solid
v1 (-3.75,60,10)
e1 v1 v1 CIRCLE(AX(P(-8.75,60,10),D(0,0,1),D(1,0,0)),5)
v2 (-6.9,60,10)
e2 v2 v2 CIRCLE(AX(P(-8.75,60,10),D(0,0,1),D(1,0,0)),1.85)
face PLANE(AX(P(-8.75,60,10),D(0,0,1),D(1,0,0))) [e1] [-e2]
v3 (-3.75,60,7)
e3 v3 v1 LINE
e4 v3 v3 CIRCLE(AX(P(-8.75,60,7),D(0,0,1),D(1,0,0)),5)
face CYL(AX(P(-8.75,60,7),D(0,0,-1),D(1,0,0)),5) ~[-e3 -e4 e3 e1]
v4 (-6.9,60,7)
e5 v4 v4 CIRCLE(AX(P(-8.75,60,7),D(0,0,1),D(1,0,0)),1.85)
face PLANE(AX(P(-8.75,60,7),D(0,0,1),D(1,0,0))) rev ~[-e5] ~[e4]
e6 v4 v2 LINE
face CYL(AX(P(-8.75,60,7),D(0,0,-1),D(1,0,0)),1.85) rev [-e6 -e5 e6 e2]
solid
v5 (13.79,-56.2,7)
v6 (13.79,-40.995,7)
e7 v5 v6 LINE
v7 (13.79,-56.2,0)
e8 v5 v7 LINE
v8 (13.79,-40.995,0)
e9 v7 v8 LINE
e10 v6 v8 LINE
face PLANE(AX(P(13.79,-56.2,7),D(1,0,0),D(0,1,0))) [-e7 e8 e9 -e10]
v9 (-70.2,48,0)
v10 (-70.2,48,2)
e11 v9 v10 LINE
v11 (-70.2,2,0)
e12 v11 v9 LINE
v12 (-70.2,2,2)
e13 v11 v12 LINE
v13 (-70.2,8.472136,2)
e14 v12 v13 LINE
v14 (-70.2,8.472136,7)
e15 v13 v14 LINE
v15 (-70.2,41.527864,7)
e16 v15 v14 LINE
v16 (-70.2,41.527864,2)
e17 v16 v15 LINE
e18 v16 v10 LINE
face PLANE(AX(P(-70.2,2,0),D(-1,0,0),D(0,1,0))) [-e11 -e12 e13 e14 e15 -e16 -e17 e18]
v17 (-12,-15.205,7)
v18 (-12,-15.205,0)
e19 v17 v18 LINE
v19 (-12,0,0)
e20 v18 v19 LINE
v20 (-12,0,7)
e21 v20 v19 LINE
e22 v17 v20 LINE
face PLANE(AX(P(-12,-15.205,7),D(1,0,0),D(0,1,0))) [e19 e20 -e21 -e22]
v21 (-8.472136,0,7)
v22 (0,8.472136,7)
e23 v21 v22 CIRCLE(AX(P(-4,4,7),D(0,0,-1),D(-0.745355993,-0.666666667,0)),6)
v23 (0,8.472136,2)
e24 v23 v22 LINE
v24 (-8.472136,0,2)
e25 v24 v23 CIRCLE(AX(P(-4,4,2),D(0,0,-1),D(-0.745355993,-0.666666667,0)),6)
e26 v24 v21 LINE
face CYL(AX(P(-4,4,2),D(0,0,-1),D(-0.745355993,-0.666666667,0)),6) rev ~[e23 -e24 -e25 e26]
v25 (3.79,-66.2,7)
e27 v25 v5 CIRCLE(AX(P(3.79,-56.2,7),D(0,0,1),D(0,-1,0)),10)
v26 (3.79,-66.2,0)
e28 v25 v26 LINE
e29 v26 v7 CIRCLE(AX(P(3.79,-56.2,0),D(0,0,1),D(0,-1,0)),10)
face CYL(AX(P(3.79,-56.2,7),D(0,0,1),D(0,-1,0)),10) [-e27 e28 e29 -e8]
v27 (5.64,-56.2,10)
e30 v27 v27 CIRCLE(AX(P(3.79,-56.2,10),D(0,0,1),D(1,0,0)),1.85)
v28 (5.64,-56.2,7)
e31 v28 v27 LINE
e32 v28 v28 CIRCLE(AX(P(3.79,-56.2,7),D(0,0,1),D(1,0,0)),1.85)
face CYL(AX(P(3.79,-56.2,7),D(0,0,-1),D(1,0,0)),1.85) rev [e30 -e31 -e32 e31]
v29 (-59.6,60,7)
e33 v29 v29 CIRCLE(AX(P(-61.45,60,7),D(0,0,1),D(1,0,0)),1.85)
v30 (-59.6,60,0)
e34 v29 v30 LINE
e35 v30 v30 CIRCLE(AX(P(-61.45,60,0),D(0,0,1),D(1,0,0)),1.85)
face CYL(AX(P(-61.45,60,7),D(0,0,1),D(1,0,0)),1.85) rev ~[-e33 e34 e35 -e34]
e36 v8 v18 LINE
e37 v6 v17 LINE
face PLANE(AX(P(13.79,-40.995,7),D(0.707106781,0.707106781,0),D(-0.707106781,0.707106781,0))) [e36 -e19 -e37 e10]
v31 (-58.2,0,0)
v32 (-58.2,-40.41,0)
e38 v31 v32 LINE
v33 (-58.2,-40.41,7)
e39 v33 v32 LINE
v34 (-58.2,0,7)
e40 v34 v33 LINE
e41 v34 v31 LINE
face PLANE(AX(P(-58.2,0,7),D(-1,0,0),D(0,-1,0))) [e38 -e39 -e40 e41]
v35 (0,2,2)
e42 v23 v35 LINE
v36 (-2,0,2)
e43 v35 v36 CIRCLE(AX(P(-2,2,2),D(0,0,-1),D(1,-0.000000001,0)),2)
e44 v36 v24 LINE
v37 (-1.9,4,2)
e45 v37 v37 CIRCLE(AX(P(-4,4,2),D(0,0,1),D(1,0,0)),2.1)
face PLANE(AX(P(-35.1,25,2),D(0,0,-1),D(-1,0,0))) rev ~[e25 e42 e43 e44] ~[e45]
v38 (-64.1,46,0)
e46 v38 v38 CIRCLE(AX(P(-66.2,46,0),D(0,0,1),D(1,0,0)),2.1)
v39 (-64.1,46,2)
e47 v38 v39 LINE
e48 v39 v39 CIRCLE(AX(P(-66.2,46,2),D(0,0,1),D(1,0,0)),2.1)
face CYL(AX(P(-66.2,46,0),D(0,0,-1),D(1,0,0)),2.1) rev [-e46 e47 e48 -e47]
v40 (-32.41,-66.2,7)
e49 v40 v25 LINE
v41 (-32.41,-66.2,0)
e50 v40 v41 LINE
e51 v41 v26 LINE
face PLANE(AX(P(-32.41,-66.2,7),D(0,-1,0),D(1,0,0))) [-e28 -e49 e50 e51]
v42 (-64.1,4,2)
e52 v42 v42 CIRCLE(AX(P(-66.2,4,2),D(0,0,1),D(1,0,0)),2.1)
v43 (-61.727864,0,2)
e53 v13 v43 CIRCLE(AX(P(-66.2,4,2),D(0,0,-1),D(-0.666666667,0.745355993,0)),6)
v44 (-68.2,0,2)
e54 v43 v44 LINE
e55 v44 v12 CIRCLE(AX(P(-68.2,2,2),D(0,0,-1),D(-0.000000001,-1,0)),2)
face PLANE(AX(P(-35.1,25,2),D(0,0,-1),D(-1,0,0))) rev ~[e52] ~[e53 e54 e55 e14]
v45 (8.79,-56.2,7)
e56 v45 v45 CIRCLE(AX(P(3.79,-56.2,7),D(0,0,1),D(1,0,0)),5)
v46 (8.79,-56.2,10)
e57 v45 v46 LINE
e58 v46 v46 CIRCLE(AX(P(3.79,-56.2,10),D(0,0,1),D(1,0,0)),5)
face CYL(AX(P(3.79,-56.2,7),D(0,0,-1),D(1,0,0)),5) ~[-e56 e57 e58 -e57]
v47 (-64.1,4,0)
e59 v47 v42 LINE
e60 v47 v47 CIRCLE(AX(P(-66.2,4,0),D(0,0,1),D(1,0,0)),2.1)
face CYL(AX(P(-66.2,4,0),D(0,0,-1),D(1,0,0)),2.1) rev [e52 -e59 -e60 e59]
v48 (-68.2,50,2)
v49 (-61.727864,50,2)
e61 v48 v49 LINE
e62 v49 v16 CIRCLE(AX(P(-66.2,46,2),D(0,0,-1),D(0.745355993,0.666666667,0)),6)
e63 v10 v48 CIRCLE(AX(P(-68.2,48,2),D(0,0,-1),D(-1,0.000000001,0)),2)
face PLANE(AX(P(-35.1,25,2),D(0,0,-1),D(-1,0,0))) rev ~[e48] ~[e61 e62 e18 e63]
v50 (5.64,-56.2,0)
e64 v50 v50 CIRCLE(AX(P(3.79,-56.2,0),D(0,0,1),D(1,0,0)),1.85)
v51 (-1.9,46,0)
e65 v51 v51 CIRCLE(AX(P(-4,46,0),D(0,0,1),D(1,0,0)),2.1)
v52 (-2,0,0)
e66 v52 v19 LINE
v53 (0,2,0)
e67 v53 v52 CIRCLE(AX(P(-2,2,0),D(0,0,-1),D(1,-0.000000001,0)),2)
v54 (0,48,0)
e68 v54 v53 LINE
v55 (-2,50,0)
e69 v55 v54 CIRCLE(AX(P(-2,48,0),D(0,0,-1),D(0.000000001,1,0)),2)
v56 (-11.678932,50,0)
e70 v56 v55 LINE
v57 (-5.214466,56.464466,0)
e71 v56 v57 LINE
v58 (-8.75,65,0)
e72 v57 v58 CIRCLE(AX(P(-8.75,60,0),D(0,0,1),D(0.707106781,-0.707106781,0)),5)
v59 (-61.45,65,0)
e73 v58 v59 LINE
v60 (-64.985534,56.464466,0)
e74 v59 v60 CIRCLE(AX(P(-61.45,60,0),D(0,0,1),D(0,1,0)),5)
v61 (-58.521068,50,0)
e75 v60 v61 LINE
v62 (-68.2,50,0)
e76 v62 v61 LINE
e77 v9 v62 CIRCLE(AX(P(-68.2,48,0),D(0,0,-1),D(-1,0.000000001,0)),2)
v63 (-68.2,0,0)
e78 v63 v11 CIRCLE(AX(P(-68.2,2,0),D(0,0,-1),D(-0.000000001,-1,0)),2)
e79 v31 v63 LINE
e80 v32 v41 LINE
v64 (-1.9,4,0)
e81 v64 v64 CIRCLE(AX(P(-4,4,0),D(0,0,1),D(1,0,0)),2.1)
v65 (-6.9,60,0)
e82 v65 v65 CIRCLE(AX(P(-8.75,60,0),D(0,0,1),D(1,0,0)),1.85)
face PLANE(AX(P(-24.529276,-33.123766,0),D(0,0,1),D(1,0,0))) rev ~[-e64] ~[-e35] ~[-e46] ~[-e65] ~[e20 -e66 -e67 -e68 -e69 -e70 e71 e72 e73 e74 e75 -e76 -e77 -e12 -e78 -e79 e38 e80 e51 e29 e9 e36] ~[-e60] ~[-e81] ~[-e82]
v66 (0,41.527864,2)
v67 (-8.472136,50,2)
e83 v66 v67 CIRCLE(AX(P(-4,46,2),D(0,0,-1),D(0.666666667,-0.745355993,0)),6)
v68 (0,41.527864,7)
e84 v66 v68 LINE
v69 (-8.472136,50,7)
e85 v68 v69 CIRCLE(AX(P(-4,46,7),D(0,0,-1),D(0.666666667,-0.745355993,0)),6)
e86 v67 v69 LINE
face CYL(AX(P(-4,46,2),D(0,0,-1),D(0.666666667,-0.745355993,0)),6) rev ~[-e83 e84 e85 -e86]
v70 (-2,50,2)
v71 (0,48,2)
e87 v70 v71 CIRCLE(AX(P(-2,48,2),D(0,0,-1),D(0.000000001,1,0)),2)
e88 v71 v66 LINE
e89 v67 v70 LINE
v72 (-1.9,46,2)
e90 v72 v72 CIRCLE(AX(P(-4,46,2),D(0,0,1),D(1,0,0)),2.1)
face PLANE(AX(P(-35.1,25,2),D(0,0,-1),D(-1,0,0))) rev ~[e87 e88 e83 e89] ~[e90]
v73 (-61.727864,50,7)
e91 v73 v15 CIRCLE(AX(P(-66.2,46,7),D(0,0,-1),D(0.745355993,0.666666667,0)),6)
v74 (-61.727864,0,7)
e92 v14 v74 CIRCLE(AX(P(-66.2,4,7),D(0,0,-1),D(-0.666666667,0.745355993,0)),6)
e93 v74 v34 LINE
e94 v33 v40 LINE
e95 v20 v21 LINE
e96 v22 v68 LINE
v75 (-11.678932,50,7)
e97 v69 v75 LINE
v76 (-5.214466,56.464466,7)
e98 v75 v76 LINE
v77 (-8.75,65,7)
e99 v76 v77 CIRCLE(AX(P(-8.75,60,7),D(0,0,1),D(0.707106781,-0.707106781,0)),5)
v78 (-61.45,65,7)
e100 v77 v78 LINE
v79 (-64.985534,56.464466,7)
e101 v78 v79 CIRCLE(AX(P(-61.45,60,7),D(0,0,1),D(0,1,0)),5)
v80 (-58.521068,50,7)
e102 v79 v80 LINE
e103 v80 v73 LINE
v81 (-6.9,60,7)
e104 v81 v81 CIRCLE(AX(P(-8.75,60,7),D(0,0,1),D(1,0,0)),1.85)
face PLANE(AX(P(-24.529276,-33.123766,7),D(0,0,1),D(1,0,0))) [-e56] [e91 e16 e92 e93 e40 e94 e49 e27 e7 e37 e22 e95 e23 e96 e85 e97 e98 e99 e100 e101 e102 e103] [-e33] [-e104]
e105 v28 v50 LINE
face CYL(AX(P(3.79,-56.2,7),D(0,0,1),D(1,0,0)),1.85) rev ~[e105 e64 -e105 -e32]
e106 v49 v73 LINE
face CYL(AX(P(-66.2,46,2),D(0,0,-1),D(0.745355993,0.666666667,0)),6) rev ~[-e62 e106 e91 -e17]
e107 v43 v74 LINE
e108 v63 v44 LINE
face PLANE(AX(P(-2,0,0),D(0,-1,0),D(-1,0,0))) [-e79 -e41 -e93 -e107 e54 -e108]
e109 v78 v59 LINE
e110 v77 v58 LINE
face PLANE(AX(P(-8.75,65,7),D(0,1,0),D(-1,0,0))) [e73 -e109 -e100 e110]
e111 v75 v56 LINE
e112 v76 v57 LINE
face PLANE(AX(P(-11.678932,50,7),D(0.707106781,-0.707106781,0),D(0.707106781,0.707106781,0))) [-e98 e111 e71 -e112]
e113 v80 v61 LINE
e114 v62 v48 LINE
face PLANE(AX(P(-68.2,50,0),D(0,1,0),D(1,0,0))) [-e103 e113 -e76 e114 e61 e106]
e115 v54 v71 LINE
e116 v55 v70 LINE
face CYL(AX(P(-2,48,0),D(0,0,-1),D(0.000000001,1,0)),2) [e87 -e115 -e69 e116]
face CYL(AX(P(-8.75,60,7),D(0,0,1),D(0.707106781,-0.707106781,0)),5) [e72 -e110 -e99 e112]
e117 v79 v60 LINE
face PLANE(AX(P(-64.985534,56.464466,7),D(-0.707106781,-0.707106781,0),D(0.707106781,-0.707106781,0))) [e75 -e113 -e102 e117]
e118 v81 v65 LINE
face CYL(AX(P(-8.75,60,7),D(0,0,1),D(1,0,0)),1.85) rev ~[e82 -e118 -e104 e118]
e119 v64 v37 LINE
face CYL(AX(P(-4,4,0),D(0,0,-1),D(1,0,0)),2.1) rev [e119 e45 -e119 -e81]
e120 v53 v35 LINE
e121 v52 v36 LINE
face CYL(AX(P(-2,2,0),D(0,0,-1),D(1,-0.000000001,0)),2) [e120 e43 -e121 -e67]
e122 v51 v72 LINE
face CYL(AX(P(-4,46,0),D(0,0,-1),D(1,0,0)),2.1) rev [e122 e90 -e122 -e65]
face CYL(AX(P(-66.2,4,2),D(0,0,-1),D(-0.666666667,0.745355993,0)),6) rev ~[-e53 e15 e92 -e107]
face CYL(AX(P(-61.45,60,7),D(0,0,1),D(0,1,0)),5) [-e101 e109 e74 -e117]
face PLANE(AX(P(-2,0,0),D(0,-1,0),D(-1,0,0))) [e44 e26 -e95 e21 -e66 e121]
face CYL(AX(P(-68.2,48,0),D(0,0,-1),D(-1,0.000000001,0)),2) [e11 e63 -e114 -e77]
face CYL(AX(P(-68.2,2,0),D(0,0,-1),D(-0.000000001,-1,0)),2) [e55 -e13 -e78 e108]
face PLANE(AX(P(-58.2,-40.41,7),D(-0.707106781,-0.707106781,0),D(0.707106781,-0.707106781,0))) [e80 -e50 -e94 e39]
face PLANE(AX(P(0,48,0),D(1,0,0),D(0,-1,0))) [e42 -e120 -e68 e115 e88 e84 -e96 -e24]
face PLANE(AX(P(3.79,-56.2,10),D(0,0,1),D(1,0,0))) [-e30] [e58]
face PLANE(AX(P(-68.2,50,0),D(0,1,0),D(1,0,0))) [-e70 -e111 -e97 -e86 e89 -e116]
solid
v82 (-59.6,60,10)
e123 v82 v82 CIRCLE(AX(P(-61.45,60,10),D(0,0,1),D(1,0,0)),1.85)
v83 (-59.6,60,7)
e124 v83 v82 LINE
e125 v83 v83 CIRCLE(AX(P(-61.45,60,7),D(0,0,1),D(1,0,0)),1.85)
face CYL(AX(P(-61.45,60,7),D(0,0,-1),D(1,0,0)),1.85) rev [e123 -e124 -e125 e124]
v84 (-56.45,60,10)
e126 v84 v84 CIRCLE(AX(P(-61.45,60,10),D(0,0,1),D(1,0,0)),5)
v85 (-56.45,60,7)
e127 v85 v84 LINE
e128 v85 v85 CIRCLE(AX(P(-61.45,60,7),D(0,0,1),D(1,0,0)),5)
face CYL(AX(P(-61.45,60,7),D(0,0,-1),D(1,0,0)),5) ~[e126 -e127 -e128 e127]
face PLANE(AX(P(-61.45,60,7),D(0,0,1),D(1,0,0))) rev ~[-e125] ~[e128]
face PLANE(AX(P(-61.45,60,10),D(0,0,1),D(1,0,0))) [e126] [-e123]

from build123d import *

# Parameters (mm, degrees)
SKETCH1_R             = 2.1
BOSS_EXTRUDE1_DEPTH   = 2
BOSS_EXTRUDE2_DEPTH   = 5
SKETCH3_R             = 5
SKETCH3_R_2           = 1.85
BOSS_EXTRUDE3_DEPTH   = 3
BOSS_EXTRUDE3_2_DEPTH = 3
BOSS_EXTRUDE3_3_DEPTH = 3
SKETCH4_R             = 1.85
BOSS_EXTRUDE4_DEPTH   = 7


with BuildPart() as part:
    # Sketch1 → Boss-Extrude1 (new body)
    with BuildSketch(Plane.XY):
        with BuildLine():
            Line((-68.2, 50), (-2, 50))
            ThreePointArc((-2, 50), (-0.585786438, 49.414213562), (0, 48))
            Line((0, 48), (0, 2))
            ThreePointArc((0, 2), (-0.585786438, 0.585786438), (-2, 0))
            Line((-2, 0), (-68.2, 0))
            ThreePointArc((-68.2, 0), (-69.614213562, 0.585786438), (-70.2, 2))
            Line((-70.2, 2), (-70.2, 48))
            ThreePointArc((-70.2, 48), (-69.614213562, 49.414213562), (-68.2, 50))
        make_face()
        with Locations((-66.2, 46)):
            Circle(SKETCH1_R, mode=Mode.SUBTRACT)
        with Locations((-4, 46)):
            Circle(SKETCH1_R, mode=Mode.SUBTRACT)
        with Locations((-4, 4)):
            Circle(SKETCH1_R, mode=Mode.SUBTRACT)
        with Locations((-66.2, 4)):
            Circle(SKETCH1_R, mode=Mode.SUBTRACT)
    extrude(amount=BOSS_EXTRUDE1_DEPTH)

    # Sketch2 → Boss-Extrude2 (add)
    with BuildSketch(Plane.XY.offset(2)):
        with BuildLine():
            Line((-61.727864045, 0), (-8.472135955, 0))
            ThreePointArc((-8.472135955, 0), (-8.242640687, 8.242640687), (0, 8.472135955))
            Line((0, 8.472135955), (0, 41.527864045))
            ThreePointArc((0, 41.527864045), (-8.242640687, 41.757359313), (-8.472135955, 50))
            Line((-8.472135955, 50), (-61.727864045, 50))
            ThreePointArc((-61.727864045, 50), (-61.957359313, 41.757359313), (-70.2, 41.527864045))
            Line((-70.2, 41.527864045), (-70.2, 8.472135955))
            ThreePointArc((-70.2, 8.472135955), (-61.957359313, 8.242640687), (-61.727864045, 0))
        make_face()
    extrude(amount=BOSS_EXTRUDE2_DEPTH)



with BuildPart() as body_2:
    # Sketch3 → Boss-Extrude3 (new body)
    with BuildSketch(Plane.XY.offset(7)):
        with Locations((-61.45, 60)):
            Circle(SKETCH3_R)
        with Locations((-61.45, 60)):
            Circle(SKETCH3_R_2, mode=Mode.SUBTRACT)
    extrude(amount=BOSS_EXTRUDE3_DEPTH)


with BuildPart() as body_3:
    # Sketch3 → Boss-Extrude3 2 (new body)
    with BuildSketch(Plane.XY.offset(7)):
        with Locations((-8.75, 60)):
            Circle(SKETCH3_R)
        with Locations((-8.75, 60)):
            Circle(SKETCH3_R_2, mode=Mode.SUBTRACT)
    extrude(amount=BOSS_EXTRUDE3_2_DEPTH)


with BuildPart() as body_4:
    # Sketch3 → Boss-Extrude3 3 (new body)
    with BuildSketch(Plane.XY.offset(7)):
        with Locations((3.79, -56.2)):
            Circle(SKETCH3_R)
        with Locations((3.79, -56.2)):
            Circle(SKETCH3_R_2, mode=Mode.SUBTRACT)
    extrude(amount=BOSS_EXTRUDE3_3_DEPTH)


with BuildPart() as part_1:
    add(part.part)

    add(body_4.part)  # Boss-Extrude4 merges body 4
    # Sketch4 → Boss-Extrude4 (add)
    with BuildSketch(Plane.XY.offset(7)):
        with BuildLine():
            Line((13.79, -56.2), (13.79, -40.995))
            Line((13.79, -40.995), (-12, -15.205))
            Line((-12, -15.205), (-12, 0))
            Line((-12, 0), (-58.2, 0))
            Line((-58.2, 0), (-58.2, -40.41))
            Line((-58.2, -40.41), (-32.41, -66.2))
            Line((-32.41, -66.2), (3.79, -66.2))
            ThreePointArc((3.79, -66.2), (10.861067812, -63.271067812), (13.79, -56.2))
        make_face()
        with Locations((3.79, -56.2)):
            Circle(SKETCH4_R, mode=Mode.SUBTRACT)
        with BuildLine():
            Line((-64.985533906, 56.464466094), (-58.521067812, 50))
            Line((-58.521067812, 50), (-11.678932188, 50))
            Line((-11.678932188, 50), (-5.214466094, 56.464466094))
            ThreePointArc((-5.214466094, 56.464466094), (-4.130602337, 61.913417162), (-8.75, 65))
            Line((-8.75, 65), (-61.45, 65))
            ThreePointArc((-61.45, 65), (-66.069397663, 61.913417162), (-64.985533906, 56.464466094))
        make_face()
        with Locations((-61.45, 60)):
            Circle(SKETCH4_R, mode=Mode.SUBTRACT)
        with Locations((-8.75, 60)):
            Circle(SKETCH4_R, mode=Mode.SUBTRACT)
    extrude(amount=-BOSS_EXTRUDE4_DEPTH)


solid = Compound([body_2.part, body_3.part, part_1.part])
